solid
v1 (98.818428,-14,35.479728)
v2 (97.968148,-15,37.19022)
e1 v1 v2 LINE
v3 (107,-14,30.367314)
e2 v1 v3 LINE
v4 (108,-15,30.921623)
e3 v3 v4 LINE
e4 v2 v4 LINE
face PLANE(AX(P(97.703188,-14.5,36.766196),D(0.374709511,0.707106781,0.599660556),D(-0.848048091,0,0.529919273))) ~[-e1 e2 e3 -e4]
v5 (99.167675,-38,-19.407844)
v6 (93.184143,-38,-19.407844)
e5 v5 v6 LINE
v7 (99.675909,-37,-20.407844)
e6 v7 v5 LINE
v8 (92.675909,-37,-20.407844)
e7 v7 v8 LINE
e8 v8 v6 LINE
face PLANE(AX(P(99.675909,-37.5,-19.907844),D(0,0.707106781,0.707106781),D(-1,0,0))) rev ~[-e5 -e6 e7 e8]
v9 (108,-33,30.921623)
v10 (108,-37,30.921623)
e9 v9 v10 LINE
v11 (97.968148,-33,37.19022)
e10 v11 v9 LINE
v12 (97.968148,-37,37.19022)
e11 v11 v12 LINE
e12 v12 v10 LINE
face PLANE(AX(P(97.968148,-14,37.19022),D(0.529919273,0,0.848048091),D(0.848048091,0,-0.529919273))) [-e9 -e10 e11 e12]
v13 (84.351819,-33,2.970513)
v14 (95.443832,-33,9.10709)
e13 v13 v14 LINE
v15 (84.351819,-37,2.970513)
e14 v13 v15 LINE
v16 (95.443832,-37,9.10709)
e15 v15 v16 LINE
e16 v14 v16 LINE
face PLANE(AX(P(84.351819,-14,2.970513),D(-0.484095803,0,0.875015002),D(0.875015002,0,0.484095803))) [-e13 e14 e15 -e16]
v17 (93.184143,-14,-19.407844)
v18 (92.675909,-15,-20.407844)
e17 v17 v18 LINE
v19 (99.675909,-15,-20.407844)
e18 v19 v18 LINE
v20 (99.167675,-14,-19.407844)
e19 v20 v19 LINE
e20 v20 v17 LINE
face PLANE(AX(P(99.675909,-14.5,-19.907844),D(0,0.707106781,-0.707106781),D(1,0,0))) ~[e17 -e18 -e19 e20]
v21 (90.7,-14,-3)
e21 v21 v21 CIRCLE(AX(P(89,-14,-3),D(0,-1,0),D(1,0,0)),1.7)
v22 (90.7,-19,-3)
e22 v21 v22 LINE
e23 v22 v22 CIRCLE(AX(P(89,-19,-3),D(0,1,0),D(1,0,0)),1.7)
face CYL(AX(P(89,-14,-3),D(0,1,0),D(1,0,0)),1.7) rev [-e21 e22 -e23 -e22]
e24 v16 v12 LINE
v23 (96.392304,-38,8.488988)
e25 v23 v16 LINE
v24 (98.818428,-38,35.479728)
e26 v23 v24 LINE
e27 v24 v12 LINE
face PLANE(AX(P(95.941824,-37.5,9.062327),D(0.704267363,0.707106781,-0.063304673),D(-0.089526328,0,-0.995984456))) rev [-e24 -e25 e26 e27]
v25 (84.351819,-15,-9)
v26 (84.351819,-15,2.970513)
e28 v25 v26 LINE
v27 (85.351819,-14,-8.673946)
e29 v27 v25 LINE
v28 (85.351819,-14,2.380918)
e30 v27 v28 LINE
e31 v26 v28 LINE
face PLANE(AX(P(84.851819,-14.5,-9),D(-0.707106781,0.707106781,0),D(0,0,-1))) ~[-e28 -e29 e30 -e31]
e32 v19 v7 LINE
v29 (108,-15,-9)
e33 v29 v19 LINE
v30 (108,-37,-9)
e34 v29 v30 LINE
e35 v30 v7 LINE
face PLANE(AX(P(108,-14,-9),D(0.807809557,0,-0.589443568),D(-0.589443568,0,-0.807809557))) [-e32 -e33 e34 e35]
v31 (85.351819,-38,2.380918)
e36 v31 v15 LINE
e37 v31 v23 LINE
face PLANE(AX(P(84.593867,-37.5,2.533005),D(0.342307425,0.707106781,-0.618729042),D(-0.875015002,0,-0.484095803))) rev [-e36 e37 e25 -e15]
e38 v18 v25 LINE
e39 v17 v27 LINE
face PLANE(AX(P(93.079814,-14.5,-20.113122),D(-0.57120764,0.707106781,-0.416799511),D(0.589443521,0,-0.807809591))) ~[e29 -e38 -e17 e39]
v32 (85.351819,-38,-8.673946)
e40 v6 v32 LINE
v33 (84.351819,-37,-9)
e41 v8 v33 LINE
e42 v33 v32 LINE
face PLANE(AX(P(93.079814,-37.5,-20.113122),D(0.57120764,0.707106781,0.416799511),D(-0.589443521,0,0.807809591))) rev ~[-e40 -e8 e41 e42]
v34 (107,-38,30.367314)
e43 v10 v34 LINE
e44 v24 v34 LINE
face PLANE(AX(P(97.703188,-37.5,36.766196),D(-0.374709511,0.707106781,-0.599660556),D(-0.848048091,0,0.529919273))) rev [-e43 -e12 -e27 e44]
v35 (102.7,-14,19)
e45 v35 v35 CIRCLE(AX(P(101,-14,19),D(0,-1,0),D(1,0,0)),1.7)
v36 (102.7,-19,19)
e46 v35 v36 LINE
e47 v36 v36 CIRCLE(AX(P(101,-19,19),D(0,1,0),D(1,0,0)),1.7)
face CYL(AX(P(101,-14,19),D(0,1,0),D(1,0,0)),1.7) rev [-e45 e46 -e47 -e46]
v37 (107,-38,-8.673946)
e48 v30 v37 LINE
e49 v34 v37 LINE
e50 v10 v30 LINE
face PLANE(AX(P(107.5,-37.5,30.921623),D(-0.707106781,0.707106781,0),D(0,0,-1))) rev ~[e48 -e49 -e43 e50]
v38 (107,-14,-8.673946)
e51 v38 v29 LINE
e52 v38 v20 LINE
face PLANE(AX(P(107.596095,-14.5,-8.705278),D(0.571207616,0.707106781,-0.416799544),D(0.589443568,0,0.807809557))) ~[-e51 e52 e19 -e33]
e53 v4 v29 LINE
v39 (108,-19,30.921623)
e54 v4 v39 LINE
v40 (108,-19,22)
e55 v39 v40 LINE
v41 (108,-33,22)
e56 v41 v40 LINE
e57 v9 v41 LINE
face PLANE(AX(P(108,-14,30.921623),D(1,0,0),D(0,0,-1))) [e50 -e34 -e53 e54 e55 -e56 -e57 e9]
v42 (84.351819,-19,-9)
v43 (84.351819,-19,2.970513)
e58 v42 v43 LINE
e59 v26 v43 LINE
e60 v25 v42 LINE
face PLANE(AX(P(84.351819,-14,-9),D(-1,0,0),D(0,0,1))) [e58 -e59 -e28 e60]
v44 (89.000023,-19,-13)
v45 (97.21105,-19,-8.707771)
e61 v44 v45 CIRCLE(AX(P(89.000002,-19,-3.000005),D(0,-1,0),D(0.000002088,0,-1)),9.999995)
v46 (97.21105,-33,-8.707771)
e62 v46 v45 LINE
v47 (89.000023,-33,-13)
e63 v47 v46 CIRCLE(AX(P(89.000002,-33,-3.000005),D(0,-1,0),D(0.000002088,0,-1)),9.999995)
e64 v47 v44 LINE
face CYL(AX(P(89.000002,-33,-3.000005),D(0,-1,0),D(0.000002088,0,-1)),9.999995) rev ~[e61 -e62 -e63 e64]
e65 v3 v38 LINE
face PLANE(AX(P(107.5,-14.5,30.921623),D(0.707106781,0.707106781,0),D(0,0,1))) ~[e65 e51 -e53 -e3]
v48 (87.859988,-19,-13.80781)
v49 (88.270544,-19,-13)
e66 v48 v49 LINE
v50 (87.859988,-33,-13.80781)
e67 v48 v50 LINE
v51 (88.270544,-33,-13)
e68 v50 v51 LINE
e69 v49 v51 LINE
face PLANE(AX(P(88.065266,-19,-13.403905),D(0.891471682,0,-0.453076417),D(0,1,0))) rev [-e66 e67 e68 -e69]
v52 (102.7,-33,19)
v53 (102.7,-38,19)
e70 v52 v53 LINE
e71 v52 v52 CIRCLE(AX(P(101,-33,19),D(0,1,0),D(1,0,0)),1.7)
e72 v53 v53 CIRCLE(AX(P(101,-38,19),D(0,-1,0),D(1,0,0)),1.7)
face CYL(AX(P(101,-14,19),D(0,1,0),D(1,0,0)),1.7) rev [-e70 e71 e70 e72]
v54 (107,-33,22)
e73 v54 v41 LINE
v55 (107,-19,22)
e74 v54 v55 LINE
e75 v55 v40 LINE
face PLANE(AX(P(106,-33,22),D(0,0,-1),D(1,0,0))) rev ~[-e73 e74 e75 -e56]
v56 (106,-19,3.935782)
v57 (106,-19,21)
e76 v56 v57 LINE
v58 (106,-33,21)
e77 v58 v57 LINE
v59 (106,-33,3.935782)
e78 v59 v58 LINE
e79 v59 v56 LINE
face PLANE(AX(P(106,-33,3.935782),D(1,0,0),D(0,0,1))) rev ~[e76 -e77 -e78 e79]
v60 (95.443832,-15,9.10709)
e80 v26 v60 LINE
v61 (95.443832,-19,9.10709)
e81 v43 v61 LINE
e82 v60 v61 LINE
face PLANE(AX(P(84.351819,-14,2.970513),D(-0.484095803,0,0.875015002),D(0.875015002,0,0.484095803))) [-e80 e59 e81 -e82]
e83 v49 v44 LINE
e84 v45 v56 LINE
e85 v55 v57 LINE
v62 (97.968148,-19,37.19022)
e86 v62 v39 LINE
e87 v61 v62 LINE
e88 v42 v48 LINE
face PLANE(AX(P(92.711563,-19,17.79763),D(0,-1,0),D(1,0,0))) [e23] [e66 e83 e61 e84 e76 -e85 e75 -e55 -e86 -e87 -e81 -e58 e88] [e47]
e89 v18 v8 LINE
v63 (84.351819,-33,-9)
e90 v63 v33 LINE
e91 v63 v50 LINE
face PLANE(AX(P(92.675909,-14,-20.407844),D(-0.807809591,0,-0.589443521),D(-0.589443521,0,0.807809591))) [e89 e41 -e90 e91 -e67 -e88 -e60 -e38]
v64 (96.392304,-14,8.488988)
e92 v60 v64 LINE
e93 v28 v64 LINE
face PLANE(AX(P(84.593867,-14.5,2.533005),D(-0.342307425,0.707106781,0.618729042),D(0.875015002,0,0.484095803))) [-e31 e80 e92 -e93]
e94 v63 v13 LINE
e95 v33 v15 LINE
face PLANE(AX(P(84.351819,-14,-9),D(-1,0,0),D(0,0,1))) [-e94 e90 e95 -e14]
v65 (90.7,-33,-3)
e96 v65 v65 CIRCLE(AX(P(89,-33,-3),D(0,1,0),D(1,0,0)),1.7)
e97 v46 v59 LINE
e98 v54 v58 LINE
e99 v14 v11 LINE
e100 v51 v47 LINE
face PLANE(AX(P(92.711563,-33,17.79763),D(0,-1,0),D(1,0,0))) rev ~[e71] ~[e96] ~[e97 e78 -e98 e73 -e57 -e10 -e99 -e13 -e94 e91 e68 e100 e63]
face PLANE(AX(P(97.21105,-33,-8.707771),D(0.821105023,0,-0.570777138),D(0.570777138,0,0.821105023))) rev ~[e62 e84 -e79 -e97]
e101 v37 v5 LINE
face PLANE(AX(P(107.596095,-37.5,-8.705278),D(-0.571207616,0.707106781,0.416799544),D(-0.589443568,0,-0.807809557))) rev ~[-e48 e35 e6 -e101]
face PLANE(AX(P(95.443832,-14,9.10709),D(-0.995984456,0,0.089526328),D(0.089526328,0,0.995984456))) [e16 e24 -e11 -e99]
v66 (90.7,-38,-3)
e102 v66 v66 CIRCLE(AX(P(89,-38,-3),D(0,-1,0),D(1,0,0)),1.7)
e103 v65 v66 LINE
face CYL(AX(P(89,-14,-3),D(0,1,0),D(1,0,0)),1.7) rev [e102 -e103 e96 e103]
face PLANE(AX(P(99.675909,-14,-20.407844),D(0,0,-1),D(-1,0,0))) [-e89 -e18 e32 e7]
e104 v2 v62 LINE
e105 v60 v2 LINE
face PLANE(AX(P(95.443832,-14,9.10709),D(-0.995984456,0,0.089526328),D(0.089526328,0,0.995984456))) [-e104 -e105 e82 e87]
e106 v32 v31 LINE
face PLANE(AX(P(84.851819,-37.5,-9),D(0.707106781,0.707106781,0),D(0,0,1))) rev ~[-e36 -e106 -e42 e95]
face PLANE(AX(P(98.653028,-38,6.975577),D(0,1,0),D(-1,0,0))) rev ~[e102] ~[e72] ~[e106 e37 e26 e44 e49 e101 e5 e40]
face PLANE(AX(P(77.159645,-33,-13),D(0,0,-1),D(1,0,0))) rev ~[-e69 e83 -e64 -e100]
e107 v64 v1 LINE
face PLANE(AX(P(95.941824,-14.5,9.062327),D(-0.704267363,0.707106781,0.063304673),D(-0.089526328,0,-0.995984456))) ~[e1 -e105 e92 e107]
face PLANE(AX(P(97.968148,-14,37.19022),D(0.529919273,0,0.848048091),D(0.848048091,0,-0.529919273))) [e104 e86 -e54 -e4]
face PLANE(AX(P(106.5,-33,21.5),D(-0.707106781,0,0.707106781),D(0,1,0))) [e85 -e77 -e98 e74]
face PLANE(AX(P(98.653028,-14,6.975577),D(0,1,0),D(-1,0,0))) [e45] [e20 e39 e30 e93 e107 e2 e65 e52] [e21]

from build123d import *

# Parameters (mm, degrees)
PAD009_DEPTH    = 14
SKETCH008_R     = 1.7
PAD008_DEPTH    = 24
CHAMFER005_SIZE = 1


with BuildPart() as pad009:
    # Sketch009 → Pad009 (new body)
    with BuildSketch(Plane(origin=(0, 33, 0), x_dir=(-1, 0, 0), z_dir=(0, 1, 0))):
        with BuildLine():
            ThreePointArc((89.000023, -13), (93.632628, -11.86221), (97.21105, -8.707771))
            Line((97.21105, -8.707771), (106, 3.935782))
            Line((106, 3.935782), (106, 22))
            Line((106, 22), (112.578117, 22))
            Line((112.578117, 22), (112.578117, 42.659393))
            Line((112.578117, 42.659393), (77.159645, 42.659393))
            Line((77.159645, 42.659393), (77.159645, -13))
            Line((77.159645, -13), (89.000023, -13))
        make_face()
    extrude(amount=-PAD009_DEPTH)


with BuildPart() as clone_of_foot:
    # Sketch008 → Pad008 (new body)
    with BuildSketch(Plane(origin=(0, 14, 0), x_dir=(-1, 0, 0), z_dir=(0, 1, 0))):
        Polygon((84.351819, 2.970513), (95.443832, 9.10709), (97.968148, 37.19022), (108, 30.921623), (108, -9), (99.675909, -20.407844), (92.675909, -20.407844), (84.351819, -9), align=None)
        with Locations((101, 19)):
            Circle(SKETCH008_R, mode=Mode.SUBTRACT)
        with Locations((89, -3)):
            Circle(SKETCH008_R, mode=Mode.SUBTRACT)
    extrude(amount=PAD008_DEPTH)

    # Cut014: cut Pad009
    add(pad009.part, mode=Mode.SUBTRACT)

    # Chamfer005
    chamfer005_edges = [clone_of_foot.edges().sort_by_distance(p)[0] for p in [
        (-89.897825, 14, 6.038802),
        (-96.70599, 14, 23.148655),
        (-102.984074, 14, 34.055922),
        (-108, 14, 10.960812),
        (-103.837955, 14, -14.703922),
        (-96.175909, 14, -20.407844),
        (-88.513864, 14, -14.703922),
        (-84.351819, 14, -3.014744),
        (-108, 38, 10.960812),
        (-103.837955, 38, -14.703922),
        (-96.175909, 38, -20.407844),
        (-87.270544, 26, -13),
        (-88.513864, 38, -14.703922),
        (-106, 26, 22),
        (-89.897825, 38, 6.038802),
        (-96.70599, 38, 23.148655),
        (-102.984074, 38, 34.055922),
        (-84.351819, 38, -3.014744),
    ]]
    chamfer(chamfer005_edges, length=CHAMFER005_SIZE)


with BuildPart() as part_mirroring015:
    # Part__Mirroring015: instance of Clone of foot
    add(clone_of_foot.part.mirror(Plane(origin=(0, 0, 0), x_dir=(0, -1, 0), z_dir=(1, 0, 0))))


with BuildPart() as part_mirroring023:
    # Part__Mirroring023: instance of Part__Mirroring015
    add(part_mirroring015.part.mirror(Plane(origin=(0, 0, 0), x_dir=(1, 0, 0), z_dir=(0, 1, 0))))


solid = part_mirroring023.part
